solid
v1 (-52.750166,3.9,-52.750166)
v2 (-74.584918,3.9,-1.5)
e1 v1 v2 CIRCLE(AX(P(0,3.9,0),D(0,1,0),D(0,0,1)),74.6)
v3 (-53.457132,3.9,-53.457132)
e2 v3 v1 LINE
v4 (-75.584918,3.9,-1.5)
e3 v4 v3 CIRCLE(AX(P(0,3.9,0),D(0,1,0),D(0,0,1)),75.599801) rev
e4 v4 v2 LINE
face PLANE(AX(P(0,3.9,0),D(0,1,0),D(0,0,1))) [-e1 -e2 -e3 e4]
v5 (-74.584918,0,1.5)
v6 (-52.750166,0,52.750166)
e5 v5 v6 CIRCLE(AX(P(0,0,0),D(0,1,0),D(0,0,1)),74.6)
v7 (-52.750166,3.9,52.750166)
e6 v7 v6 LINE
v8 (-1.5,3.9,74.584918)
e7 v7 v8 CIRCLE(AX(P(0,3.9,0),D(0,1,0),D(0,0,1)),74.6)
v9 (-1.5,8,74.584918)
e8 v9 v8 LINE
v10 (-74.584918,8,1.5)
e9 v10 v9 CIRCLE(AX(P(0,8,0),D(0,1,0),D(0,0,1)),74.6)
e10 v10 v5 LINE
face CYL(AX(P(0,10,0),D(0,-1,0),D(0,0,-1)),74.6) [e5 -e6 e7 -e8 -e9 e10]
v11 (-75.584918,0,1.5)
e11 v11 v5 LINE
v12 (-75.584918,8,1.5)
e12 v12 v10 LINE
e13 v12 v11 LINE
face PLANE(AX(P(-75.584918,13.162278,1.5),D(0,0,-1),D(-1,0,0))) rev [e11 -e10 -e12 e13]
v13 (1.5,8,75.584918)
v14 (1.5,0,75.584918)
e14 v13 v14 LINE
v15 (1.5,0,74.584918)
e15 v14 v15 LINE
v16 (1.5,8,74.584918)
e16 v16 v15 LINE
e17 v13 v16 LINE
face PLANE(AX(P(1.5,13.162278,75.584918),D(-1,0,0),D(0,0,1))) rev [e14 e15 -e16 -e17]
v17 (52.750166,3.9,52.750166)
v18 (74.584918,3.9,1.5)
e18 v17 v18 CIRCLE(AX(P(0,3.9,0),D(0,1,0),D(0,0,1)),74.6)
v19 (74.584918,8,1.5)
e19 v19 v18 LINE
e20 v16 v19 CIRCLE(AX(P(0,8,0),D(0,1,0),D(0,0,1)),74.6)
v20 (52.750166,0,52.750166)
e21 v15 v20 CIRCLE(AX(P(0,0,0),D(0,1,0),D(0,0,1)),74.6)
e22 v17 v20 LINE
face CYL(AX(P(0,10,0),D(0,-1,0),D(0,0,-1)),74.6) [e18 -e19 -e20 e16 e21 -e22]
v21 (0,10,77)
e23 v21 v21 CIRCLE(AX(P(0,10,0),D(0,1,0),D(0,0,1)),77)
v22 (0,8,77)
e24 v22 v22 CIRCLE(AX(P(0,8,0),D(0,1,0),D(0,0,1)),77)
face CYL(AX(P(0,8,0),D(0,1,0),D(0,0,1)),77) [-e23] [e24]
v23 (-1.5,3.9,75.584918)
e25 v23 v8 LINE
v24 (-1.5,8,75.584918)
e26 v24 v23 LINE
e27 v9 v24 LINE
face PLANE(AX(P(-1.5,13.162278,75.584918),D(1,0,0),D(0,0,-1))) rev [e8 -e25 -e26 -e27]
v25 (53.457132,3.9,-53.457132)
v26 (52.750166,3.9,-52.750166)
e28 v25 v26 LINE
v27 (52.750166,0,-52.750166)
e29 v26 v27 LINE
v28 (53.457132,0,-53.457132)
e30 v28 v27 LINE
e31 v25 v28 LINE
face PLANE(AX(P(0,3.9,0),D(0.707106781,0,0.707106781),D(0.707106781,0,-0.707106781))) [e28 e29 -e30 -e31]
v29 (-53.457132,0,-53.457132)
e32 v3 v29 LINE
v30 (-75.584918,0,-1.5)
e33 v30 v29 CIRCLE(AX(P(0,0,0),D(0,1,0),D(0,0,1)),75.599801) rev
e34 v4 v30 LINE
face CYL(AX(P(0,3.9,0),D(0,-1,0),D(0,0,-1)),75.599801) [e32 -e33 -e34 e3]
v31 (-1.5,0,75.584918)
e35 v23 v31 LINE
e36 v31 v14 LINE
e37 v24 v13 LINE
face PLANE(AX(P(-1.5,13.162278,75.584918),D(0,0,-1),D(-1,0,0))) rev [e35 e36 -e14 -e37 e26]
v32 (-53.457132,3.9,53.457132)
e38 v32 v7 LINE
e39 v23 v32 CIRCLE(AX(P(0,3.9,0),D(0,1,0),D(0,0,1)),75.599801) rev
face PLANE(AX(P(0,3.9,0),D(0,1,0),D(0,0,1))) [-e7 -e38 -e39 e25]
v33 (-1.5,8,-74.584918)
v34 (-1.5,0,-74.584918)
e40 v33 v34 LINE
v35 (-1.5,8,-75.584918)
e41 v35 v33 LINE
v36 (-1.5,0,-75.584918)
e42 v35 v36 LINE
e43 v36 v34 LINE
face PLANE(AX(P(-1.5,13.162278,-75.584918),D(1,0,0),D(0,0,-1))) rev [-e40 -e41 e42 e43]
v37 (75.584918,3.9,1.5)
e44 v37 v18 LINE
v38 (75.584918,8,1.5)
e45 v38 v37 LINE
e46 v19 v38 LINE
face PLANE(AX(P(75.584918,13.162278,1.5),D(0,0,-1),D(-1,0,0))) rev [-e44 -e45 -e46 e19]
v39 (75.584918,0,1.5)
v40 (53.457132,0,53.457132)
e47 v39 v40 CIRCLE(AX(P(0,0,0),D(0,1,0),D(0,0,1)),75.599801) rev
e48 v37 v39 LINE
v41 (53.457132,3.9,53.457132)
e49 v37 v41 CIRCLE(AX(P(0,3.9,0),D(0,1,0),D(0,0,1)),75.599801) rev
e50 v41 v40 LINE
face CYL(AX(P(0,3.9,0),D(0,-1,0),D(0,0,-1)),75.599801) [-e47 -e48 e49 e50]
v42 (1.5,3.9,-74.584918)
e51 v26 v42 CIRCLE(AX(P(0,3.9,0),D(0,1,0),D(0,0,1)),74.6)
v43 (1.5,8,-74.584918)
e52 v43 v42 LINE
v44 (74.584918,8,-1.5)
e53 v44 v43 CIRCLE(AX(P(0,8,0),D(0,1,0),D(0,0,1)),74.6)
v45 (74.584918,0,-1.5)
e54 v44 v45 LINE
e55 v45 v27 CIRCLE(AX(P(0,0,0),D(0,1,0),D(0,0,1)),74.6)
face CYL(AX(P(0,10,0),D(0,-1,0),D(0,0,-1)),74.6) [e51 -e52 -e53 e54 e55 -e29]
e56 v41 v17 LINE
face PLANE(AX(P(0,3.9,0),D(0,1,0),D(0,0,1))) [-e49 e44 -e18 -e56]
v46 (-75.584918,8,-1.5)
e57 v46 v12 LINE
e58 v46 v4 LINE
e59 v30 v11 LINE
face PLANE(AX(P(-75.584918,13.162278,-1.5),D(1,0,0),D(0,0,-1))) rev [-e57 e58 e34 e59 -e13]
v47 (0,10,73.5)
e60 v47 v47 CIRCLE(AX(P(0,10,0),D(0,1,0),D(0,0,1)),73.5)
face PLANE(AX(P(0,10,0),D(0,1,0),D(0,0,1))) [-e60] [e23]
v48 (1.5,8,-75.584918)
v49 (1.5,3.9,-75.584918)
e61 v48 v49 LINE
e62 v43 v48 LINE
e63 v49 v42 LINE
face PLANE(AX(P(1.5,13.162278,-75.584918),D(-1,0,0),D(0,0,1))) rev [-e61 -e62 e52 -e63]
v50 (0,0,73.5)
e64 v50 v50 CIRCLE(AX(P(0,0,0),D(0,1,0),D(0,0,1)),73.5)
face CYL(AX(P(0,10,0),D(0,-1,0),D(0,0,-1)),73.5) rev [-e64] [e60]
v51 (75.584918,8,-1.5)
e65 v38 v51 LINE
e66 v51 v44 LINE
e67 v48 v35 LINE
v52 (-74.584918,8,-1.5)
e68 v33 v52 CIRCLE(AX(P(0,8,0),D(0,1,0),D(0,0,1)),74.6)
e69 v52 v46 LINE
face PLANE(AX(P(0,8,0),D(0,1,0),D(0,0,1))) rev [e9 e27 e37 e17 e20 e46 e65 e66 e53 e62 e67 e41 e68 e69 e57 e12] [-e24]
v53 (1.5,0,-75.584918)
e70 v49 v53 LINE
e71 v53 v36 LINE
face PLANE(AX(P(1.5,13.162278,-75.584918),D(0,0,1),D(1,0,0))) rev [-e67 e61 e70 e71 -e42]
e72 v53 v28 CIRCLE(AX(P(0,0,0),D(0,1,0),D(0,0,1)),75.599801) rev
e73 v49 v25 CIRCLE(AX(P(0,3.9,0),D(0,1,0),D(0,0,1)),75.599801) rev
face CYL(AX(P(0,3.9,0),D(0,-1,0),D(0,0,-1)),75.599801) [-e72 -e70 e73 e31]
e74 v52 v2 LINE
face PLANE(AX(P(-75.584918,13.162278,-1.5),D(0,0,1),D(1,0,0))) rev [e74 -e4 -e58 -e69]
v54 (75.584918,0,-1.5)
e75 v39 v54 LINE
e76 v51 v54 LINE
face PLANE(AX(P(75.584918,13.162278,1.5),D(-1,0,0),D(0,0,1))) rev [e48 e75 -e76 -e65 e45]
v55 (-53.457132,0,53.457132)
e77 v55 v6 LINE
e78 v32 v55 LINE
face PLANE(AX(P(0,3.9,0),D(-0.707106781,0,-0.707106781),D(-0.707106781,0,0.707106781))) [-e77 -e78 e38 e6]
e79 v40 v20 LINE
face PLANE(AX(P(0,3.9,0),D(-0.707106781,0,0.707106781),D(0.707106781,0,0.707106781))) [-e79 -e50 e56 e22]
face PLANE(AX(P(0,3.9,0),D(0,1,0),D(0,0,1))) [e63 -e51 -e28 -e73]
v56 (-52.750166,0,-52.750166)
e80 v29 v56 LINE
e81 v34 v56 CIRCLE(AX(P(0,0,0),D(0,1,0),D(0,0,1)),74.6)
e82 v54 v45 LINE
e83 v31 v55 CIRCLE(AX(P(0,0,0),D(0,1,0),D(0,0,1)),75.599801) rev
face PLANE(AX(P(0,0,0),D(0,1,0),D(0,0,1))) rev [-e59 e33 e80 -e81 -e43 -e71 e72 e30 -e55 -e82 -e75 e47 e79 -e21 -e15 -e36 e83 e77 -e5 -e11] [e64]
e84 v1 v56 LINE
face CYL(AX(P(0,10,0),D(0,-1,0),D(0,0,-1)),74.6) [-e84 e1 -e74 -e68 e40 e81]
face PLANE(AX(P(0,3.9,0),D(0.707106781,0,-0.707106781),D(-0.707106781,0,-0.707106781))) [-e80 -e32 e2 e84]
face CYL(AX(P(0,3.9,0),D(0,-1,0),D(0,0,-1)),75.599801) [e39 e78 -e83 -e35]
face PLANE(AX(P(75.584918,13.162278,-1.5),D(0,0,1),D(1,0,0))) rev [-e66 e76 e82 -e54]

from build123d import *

# Parameters (mm, degrees)
SKETCH_1_R      = 74.6
SKETCH_1_R_2    = 73.5
EXTRUDE_1_DEPTH = 10
SKETCH_2_W      = 1
SKETCH_2_H      = 3
SKETCH_2_W_2    = 3
SKETCH_2_H_2    = 1
EXTRUDE_2_DEPTH = 10
EXTRUDE_4_DEPTH = 3.9
EXTRUDE_START   = -2
SKETCH_4_R      = 77
SKETCH_4_R_2    = 74.6
EXTRUDE_5_DEPTH = 2


with BuildPart() as part:
    # 草图1 → 凸台-拉伸1 (new body)
    with BuildSketch(Plane(origin=(0, 0, 0), x_dir=(1, 0, 0), z_dir=(0, 1, 0))):
        with Locations(Location((0, 0, 0), (0, 0, 270))):
            Circle(SKETCH_1_R)
        with Locations(Location((0, 0, 0), (0, 0, 270))):
            Circle(SKETCH_1_R_2, mode=Mode.SUBTRACT)
    extrude(amount=EXTRUDE_1_DEPTH)

    # 草图2 → 凸台-拉伸2 (add)
    with BuildSketch(Plane(origin=(0, 0, 0), x_dir=(1, 0, 0), z_dir=(0, 1, 0))):
        with Locations((75.084918046, 0)):
            Rectangle(SKETCH_2_W, SKETCH_2_H)
        with Locations((0, -75.084918046)):
            Rectangle(SKETCH_2_W_2, SKETCH_2_H_2)
        with Locations((-75.084918046, 0)):
            Rectangle(SKETCH_2_W, SKETCH_2_H)
        with Locations((0, 75.084918046)):
            Rectangle(SKETCH_2_W_2, SKETCH_2_H_2)
    extrude(amount=EXTRUDE_2_DEPTH)

    # 草图3 → 凸台-拉伸4 (add)
    with BuildSketch(Plane(origin=(0, 0, 0), x_dir=(1, 0, 0), z_dir=(0, 1, 0))):
        with BuildLine():
            ThreePointArc((53.457131592, 53.457131592), (29.622311043, 69.554644162), (1.5, 75.584918046))
            Line((1.5, 75.584918046), (1.5, 74.584918046))
            ThreePointArc((1.5, 74.584918046), (29.239685788, 68.630902478), (52.750165877, 52.750165877))
            Line((52.750165877, 52.750165877), (53.457131592, 53.457131592))
        make_face()
        with BuildLine():
            Line((52.750165877, -52.750165877), (53.457131592, -53.457131592))
            ThreePointArc((53.457131592, -53.457131592), (69.554644162, -29.622311043), (75.584918046, -1.5))
            Line((75.584918046, -1.5), (74.584918046, -1.5))
            ThreePointArc((74.584918046, -1.5), (68.630902478, -29.239685788), (52.750165877, -52.750165877))
        make_face()
        with BuildLine():
            Line((-52.750165877, -52.750165877), (-53.457131592, -53.457131592))
            ThreePointArc((-53.457131592, -53.457131592), (-29.622311043, -69.554644162), (-1.5, -75.584918046))
            Line((-1.5, -75.584918046), (-1.5, -74.584918046))
            ThreePointArc((-1.5, -74.584918046), (-29.239685788, -68.630902478), (-52.750165877, -52.750165877))
        make_face()
        with BuildLine():
            Line((-52.750165877, 52.750165877), (-53.457131592, 53.457131592))
            ThreePointArc((-53.457131592, 53.457131592), (-69.554644162, 29.622311043), (-75.584918046, 1.5))
            Line((-75.584918046, 1.5), (-74.584918046, 1.5))
            ThreePointArc((-74.584918046, 1.5), (-68.630902478, 29.239685788), (-52.750165877, 52.750165877))
        make_face()
    extrude(amount=EXTRUDE_4_DEPTH)

    # 草图4 → 凸台-拉伸5 (add)
    with BuildSketch(Plane(origin=(0, 10, 0), x_dir=(1, 0, 0), z_dir=(0, 1, 0)).offset(EXTRUDE_START)):
        with Locations(Location((0, 0, 0), (0, 0, 270))):
            Circle(SKETCH_4_R)
        Circle(SKETCH_4_R_2, mode=Mode.SUBTRACT)
    extrude(amount=EXTRUDE_5_DEPTH)


solid = part.part
